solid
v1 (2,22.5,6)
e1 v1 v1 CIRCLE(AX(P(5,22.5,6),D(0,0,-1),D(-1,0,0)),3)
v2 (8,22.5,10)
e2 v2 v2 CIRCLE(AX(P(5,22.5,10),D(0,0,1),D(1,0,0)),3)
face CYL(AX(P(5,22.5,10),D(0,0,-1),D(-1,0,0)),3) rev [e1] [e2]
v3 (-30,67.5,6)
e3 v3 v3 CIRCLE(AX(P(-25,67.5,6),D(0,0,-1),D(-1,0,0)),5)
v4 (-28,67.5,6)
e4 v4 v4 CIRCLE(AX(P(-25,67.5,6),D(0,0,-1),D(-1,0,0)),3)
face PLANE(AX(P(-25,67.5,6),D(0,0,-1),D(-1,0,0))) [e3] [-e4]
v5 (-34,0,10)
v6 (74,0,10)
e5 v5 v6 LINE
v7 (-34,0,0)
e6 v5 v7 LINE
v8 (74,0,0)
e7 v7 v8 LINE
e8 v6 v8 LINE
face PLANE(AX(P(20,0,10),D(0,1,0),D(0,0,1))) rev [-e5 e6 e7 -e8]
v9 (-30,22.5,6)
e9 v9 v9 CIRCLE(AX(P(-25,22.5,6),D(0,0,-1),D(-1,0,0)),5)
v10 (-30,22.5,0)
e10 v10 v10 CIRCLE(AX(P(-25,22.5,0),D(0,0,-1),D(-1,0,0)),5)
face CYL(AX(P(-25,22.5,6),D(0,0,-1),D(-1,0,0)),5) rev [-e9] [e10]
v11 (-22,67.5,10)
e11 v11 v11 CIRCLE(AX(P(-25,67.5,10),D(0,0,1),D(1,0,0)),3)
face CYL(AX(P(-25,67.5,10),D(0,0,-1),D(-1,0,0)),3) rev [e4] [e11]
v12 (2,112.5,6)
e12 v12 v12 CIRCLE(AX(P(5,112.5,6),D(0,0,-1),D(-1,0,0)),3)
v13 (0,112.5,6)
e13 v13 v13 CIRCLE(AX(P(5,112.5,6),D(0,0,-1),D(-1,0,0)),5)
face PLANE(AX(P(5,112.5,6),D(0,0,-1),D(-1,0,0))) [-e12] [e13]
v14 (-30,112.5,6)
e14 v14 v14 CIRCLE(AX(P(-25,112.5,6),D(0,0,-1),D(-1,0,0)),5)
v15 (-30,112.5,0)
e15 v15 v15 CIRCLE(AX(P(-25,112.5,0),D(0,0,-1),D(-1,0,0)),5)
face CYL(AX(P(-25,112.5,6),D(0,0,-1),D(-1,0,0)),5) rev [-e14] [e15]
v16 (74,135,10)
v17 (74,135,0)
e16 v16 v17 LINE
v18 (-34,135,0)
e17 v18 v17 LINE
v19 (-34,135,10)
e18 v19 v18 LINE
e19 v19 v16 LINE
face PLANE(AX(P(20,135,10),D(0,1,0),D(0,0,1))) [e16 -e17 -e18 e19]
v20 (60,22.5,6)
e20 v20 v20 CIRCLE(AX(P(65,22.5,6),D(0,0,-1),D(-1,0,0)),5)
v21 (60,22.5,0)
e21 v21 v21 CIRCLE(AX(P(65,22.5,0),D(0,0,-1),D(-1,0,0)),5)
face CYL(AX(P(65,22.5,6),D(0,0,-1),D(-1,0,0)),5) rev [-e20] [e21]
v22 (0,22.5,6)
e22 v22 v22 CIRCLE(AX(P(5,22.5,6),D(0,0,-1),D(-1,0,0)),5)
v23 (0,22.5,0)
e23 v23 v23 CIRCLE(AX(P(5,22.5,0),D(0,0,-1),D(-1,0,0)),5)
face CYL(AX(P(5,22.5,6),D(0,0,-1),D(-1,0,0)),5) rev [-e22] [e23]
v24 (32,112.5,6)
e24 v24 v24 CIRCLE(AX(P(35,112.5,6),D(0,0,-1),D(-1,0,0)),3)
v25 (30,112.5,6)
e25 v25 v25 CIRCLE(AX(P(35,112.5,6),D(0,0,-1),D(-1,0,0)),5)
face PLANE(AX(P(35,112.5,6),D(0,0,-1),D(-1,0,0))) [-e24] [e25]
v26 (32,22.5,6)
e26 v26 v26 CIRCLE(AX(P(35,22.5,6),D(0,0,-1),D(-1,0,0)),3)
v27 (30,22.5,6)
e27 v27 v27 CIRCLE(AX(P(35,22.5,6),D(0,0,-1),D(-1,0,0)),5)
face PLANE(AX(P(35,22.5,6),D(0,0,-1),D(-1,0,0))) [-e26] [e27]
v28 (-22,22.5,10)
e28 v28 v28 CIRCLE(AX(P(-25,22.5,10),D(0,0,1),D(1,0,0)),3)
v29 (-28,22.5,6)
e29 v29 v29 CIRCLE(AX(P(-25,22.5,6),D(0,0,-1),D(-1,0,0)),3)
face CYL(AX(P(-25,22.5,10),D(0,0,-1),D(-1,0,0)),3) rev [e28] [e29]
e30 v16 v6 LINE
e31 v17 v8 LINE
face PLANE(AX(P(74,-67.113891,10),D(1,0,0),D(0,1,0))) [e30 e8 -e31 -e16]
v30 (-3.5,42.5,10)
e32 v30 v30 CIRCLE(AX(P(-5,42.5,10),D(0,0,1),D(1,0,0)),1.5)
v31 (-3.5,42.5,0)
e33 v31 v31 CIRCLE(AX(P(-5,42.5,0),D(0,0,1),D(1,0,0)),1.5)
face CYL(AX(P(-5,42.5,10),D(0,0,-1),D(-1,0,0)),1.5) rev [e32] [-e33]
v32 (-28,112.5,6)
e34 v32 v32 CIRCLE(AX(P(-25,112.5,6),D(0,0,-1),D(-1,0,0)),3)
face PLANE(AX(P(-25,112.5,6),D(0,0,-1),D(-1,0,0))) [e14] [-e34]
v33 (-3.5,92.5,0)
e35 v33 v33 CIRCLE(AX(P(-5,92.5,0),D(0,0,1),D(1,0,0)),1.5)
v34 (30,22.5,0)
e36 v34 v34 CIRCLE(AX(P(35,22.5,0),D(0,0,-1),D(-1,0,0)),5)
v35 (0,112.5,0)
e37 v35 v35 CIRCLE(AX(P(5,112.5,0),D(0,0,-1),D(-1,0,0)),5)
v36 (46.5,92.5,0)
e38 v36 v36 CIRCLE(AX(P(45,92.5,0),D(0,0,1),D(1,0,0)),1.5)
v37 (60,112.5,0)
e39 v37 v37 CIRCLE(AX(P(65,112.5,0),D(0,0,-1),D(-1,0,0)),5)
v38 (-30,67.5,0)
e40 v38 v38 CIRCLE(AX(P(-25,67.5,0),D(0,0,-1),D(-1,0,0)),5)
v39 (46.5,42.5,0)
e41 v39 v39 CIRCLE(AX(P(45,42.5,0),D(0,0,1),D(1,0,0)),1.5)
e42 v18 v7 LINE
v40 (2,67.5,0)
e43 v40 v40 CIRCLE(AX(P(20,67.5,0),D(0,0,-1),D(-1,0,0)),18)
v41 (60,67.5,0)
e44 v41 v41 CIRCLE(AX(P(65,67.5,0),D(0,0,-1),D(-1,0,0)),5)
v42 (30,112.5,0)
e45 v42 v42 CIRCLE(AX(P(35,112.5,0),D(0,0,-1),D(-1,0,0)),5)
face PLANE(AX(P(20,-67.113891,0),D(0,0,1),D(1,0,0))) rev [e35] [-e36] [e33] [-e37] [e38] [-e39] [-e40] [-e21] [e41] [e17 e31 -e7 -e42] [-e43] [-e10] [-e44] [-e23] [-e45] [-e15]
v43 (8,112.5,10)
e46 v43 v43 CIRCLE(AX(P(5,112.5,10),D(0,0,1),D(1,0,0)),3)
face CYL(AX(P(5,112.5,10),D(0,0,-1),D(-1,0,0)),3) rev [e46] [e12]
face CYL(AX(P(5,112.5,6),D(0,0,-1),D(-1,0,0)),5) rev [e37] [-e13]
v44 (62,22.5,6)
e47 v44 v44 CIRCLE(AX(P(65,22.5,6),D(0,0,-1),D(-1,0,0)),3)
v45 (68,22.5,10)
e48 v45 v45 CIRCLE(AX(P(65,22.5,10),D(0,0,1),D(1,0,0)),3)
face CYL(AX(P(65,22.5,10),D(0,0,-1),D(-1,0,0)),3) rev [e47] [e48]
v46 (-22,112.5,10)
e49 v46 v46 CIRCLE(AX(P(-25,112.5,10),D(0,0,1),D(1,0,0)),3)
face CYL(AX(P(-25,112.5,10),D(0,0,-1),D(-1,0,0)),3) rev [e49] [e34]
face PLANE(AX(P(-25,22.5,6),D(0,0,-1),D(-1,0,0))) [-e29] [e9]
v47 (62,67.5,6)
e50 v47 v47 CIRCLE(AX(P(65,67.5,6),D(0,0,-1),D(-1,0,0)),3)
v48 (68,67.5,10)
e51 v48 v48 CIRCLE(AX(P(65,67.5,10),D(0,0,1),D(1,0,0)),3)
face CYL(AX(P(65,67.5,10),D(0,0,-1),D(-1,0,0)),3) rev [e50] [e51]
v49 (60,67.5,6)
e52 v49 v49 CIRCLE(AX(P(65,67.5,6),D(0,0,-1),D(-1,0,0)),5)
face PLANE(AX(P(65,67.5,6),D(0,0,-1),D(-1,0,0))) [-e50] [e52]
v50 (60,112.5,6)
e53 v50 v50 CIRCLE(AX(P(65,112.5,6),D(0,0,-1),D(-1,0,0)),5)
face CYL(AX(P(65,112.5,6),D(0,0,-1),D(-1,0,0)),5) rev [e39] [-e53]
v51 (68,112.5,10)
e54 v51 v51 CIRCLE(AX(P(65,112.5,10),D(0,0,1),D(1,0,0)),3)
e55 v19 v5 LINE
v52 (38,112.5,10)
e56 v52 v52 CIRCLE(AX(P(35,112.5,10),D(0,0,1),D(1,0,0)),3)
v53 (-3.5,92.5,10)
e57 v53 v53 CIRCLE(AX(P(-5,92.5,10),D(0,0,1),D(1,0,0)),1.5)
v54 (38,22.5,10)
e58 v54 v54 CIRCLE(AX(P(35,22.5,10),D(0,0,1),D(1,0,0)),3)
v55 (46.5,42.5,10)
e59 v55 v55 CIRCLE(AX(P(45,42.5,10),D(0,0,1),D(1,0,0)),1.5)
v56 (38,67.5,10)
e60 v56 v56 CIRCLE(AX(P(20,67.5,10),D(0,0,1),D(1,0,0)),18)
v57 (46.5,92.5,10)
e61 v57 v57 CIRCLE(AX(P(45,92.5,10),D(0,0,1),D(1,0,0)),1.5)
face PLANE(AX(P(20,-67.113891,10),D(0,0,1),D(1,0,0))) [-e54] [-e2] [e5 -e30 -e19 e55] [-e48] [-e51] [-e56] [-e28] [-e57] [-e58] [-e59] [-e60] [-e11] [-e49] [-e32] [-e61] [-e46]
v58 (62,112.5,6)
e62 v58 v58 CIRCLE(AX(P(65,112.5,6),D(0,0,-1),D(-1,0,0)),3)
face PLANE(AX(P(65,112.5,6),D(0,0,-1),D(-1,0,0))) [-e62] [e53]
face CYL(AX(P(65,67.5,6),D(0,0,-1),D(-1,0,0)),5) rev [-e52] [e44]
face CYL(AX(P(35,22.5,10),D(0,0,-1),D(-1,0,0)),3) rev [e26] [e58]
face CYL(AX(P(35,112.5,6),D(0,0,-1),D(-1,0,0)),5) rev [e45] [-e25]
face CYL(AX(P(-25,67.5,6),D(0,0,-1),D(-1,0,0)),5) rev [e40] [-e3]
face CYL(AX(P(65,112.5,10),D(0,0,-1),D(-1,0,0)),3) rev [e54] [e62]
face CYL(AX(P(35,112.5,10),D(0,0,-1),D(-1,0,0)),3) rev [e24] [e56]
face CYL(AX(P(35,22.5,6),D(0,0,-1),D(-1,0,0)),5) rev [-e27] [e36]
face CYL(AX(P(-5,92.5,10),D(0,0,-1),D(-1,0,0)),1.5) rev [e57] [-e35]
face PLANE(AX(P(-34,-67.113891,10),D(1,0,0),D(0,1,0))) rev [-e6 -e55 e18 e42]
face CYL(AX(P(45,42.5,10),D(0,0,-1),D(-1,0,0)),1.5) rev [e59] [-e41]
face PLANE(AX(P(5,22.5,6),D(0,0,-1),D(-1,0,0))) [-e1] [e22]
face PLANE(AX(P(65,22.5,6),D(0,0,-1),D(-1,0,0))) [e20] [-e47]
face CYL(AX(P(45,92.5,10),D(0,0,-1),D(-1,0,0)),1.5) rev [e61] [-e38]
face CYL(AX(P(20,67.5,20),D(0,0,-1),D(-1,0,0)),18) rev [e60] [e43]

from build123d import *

# Parameters (mm, degrees)
SKETCH1_R          = 3
SKETCH1_R_2        = 1.5
EXTRUDE1_DEPTH     = 10
SKETCH2_R          = 5
CUT_EXTRUDE1_DEPTH = 6
SKETCH3_R          = 18
CUT_EXTRUDE2_DEPTH = 20


with BuildPart() as part:
    # Sketch1 → Extrude1 (new body)
    with BuildSketch(Plane.XY):
        Polygon((5, 135), (0, 135), (-24, 135), (-34, 135), (-34, 0), (-24, 0), (0, 0), (40, 0), (64, 0), (74, 0), (74, 135), (64, 135), (40, 135), align=None)
        with Locations((-25, 22.5)):
            Circle(SKETCH1_R, mode=Mode.SUBTRACT)
        with Locations((5, 22.5)):
            Circle(SKETCH1_R, mode=Mode.SUBTRACT)
        with Locations((-5, 42.5)):
            Circle(SKETCH1_R_2, mode=Mode.SUBTRACT)
        with Locations((35, 22.5)):
            Circle(SKETCH1_R, mode=Mode.SUBTRACT)
        with Locations((65, 22.5)):
            Circle(SKETCH1_R, mode=Mode.SUBTRACT)
        with Locations((45, 42.5)):
            Circle(SKETCH1_R_2, mode=Mode.SUBTRACT)
        with Locations((-25, 67.5)):
            Circle(SKETCH1_R, mode=Mode.SUBTRACT)
        with Locations((-5, 92.5)):
            Circle(SKETCH1_R_2, mode=Mode.SUBTRACT)
        with Locations((-25, 112.5)):
            Circle(SKETCH1_R, mode=Mode.SUBTRACT)
        with Locations((5, 112.5)):
            Circle(SKETCH1_R, mode=Mode.SUBTRACT)
        with Locations((45, 92.5)):
            Circle(SKETCH1_R_2, mode=Mode.SUBTRACT)
        with Locations((65, 67.5)):
            Circle(SKETCH1_R, mode=Mode.SUBTRACT)
        with Locations((35, 112.5)):
            Circle(SKETCH1_R, mode=Mode.SUBTRACT)
        with Locations((65, 112.5)):
            Circle(SKETCH1_R, mode=Mode.SUBTRACT)
    extrude(amount=EXTRUDE1_DEPTH)

    # Sketch2 → Cut-Extrude1 (cut)
    with BuildSketch(Plane(origin=(0, 0, 0), x_dir=(-1, 0, 0), z_dir=(0, 0, -1))):
        with Locations((-35, 112.5)):
            Circle(SKETCH2_R)
        with Locations((-65, 112.5)):
            Circle(SKETCH2_R)
        with Locations((-65, 22.5)):
            Circle(SKETCH2_R)
        with Locations((-5, 112.5)):
            Circle(SKETCH2_R)
        with Locations((-35, 22.5)):
            Circle(SKETCH2_R)
        with Locations((25, 22.5)):
            Circle(SKETCH2_R)
        with Locations((25, 112.5)):
            Circle(SKETCH2_R)
        with Locations((-5, 22.5)):
            Circle(SKETCH2_R)
        with Locations((-65, 67.5)):
            Circle(SKETCH2_R)
        with Locations((25, 67.5)):
            Circle(SKETCH2_R)
    extrude(amount=-CUT_EXTRUDE1_DEPTH, mode=Mode.SUBTRACT)

    # Sketch3 → Cut-Extrude2 (cut)
    with BuildSketch(Plane(origin=(0, 0, 0), x_dir=(-1, 0, 0), z_dir=(0, 0, -1))):
        with Locations((-20, 67.5)):
            Circle(SKETCH3_R)
    extrude(amount=-CUT_EXTRUDE2_DEPTH, mode=Mode.SUBTRACT)


solid = part.part
